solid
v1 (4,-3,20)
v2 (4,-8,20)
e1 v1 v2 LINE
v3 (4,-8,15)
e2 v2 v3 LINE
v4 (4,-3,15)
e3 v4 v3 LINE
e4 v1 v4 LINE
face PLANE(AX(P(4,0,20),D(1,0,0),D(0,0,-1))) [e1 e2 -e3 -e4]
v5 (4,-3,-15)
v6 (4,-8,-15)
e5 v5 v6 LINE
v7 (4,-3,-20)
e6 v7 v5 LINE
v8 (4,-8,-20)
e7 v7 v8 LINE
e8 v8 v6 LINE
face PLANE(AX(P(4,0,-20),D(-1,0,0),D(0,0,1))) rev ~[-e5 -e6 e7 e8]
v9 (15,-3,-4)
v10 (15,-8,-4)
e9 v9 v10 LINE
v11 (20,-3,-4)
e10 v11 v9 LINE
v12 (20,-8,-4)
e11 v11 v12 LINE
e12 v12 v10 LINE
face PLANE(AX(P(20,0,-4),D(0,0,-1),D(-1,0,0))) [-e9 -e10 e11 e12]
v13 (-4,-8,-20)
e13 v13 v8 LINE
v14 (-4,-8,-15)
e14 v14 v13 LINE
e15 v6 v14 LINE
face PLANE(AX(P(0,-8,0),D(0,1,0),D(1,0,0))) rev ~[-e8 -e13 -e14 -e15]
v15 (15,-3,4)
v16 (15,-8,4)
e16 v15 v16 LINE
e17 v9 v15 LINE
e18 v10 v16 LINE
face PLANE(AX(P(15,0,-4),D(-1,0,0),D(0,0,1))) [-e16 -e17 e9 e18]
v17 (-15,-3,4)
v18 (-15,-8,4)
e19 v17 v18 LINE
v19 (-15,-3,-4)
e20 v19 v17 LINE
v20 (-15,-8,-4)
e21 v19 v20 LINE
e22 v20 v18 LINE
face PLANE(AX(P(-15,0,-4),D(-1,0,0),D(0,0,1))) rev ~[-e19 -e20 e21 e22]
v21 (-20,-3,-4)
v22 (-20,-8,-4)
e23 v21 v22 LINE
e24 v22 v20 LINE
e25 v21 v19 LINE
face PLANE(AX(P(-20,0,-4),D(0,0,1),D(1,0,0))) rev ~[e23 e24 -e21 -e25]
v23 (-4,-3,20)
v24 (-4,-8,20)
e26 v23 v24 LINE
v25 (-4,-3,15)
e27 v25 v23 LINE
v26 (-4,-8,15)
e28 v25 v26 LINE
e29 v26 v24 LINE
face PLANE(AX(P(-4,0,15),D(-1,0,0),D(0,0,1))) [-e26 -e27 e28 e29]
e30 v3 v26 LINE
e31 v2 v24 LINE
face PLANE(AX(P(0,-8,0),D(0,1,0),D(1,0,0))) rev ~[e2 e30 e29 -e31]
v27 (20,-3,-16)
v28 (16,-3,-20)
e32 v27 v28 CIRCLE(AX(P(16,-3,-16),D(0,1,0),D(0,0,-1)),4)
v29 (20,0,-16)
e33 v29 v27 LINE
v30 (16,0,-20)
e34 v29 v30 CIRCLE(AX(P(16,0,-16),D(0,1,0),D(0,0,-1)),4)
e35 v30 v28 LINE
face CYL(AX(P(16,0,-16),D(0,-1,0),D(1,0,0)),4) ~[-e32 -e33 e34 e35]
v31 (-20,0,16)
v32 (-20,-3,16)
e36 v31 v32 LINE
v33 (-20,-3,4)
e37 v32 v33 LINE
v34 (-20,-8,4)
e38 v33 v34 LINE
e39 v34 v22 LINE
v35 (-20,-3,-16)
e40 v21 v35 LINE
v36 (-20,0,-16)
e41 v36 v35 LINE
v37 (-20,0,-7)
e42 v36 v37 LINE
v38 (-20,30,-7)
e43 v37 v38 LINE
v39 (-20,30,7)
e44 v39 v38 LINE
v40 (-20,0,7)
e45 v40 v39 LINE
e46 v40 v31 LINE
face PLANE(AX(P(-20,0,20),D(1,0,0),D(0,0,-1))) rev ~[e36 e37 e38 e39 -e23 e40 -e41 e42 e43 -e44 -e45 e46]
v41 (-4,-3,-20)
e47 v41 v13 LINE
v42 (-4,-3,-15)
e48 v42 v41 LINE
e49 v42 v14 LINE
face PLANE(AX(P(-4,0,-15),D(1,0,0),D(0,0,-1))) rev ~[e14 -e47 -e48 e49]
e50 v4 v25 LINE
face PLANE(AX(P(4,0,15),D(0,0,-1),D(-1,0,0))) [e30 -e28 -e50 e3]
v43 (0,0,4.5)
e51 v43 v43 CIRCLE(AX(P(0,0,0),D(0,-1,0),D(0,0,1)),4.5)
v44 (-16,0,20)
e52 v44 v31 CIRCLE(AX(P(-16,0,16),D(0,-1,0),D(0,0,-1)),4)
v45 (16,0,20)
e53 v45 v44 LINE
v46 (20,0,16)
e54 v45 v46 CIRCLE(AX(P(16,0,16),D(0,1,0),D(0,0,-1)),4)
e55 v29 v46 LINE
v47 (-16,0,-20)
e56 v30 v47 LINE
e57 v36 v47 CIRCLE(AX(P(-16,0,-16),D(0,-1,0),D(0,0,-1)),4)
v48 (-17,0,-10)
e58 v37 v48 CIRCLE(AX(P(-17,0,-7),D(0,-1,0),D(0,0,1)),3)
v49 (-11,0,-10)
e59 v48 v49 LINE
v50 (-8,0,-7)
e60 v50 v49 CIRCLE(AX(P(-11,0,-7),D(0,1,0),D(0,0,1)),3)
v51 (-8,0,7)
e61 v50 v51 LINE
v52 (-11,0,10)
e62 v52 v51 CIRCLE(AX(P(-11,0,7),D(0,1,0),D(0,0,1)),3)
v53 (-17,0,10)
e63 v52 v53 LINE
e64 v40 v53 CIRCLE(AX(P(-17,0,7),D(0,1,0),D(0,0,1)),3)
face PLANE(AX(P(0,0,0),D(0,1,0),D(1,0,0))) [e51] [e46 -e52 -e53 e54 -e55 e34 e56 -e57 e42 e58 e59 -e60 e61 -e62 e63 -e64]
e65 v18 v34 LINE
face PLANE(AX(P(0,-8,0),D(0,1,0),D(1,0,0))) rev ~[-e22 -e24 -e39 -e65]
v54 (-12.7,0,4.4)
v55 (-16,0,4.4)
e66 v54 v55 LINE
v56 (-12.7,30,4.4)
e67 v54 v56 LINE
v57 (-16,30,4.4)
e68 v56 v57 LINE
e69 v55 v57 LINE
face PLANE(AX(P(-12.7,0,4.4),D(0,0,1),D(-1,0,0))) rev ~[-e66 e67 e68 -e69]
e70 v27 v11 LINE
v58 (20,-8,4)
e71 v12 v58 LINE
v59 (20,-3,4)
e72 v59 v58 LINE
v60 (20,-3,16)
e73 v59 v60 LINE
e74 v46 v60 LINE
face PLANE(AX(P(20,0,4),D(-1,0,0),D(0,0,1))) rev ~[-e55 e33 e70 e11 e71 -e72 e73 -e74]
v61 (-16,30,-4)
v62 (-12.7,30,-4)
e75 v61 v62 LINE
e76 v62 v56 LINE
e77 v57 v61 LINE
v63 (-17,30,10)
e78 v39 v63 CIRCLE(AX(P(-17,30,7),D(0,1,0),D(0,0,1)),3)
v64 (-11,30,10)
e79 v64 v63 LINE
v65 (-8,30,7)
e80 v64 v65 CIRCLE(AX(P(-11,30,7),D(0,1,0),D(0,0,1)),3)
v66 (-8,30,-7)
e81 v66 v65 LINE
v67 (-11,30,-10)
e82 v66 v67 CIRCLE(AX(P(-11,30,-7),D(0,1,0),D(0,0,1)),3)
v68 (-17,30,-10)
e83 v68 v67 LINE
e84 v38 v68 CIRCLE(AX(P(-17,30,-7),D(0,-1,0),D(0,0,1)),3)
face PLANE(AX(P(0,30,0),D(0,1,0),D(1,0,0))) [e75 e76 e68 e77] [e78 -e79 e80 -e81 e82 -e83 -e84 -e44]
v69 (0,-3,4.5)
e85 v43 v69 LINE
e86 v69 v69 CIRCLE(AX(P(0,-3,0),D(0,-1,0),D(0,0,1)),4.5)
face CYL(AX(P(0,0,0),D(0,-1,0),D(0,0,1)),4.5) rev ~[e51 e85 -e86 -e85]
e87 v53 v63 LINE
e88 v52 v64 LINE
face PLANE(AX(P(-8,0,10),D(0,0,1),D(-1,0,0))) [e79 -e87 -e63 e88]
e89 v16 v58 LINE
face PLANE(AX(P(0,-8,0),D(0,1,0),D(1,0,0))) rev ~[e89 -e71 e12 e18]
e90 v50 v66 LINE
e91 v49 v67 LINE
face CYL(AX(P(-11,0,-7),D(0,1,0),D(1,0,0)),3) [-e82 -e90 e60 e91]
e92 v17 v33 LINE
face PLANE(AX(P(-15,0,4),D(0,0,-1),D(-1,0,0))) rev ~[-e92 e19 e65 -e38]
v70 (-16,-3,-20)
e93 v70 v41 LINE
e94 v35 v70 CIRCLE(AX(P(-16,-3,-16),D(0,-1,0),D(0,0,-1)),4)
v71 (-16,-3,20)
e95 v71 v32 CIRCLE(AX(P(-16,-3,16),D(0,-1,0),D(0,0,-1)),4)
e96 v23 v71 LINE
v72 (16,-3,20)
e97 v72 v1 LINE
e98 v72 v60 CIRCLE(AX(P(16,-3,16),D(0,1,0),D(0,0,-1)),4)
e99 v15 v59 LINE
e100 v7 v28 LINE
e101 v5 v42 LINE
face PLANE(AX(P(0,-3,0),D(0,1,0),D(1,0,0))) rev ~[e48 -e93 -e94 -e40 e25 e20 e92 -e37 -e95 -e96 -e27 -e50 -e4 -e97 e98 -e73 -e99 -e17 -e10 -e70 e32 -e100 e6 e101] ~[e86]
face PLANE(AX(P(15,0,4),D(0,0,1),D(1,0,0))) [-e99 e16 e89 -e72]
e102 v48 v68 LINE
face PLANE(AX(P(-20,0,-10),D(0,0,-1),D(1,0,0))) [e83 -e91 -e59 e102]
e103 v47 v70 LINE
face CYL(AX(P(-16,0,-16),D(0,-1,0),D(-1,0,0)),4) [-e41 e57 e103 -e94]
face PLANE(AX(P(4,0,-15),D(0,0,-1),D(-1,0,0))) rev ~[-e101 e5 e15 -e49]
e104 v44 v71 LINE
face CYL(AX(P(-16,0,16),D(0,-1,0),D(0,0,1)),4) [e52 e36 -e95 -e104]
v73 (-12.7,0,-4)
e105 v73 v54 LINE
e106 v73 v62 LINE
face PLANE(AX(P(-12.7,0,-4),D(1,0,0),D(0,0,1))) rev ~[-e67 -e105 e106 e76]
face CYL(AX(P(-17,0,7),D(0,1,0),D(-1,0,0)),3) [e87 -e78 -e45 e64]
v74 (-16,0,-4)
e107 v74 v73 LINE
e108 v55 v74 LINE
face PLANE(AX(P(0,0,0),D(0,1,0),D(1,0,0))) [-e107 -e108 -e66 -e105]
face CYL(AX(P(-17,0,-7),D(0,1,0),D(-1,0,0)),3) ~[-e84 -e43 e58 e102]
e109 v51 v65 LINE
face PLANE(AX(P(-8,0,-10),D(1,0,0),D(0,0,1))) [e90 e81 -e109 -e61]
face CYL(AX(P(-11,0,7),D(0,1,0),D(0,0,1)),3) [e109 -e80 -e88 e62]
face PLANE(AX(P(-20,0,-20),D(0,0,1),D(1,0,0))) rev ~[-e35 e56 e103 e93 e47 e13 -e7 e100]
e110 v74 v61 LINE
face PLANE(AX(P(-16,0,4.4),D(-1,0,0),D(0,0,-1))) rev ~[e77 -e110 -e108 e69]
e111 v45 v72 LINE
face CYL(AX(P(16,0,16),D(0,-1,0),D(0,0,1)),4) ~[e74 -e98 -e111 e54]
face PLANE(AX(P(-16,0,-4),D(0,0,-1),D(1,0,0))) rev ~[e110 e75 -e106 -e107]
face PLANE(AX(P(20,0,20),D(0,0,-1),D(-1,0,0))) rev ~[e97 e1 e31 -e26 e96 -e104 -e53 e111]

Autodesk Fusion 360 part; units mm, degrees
sketch "Sketch1" plane through (0, 0, 0) normal (0, 1, 0) x (1, 0, 0)
  line L0 (20, -20) -> (-20, -20)
  line L1 (-20, -20) -> (-20, 20)
  line L2 (-20, 20) -> (20, 20)
  line L3 (20, 20) -> (20, -20)
  line L4 (20, -20) -> (-20, 20) construction
  line L5 (-20, -20) -> (20, 20) construction
  line L6 (-20, 4) -> (-15, 4)
  line L7 (-15, 4) -> (-15, -4)
  line L8 (-15, -4) -> (-20, -4)
  line L9 (-20, -4) -> (-20, 4)
  line L10 (-4, 20) -> (4, 20)
  line L11 (4, 20) -> (4, 15)
  line L12 (4, 15) -> (-4, 15)
  line L13 (-4, 15) -> (-4, 20)
  line L14 (20, 4) -> (15, 4)
  line L15 (15, 4) -> (15, -4)
  line L16 (15, -4) -> (20, -4)
  line L17 (20, -4) -> (20, 4)
  line L18 (-4, -20) -> (4, -20)
  line L19 (4, -20) -> (4, -15)
  line L20 (4, -15) -> (-4, -15)
  line L21 (-4, -15) -> (-4, -20)
  dimension "d1" = 40
  dimension "d2" = 40
  dimension "d3" = 5
  dimension "d4" = 8
  dimension "d5" = 16
  dimension "d6" = 5
  dimension "d7" = 16
  dimension "d8" = 8
  dimension "d9" = 5
  dimension "d10" = 5
  dimension "d11" = 8
  dimension "d12" = 8
  dimension "d13" = 16
  dimension "d14" = 16
extrude "Extrude1" add sketch "Sketch1" against normal blind 3 contours L0 L1 L2 L3 L6 L7 L8 L11 L12 L13 L14 L15 L16 L19 L20 L21
extrude "Extrude2" add sketch "Sketch1" against normal blind 8 contours L0 L18 L19 L20 L21 | L3 L14 L15 L16 L17 | L1 L6 L7 L8 L9 | L2 L10 L11 L12 L13
hole "Hole1" at (0, 0, 0) direction (0, -1, 0) diameter 9 depth 30 tip angle 118
fillet "Fillet1" radius 4 4 edges at (20, -1.5, -20) (-20, -1.5, -20) (20, -1.5, 20) (-20, -1.5, 20)
sketch "Sketch2" plane through (0, 0, 0) normal (0, 1, 0) x (1, 0, 0)
  line L0 (-20, 10) -> (-8, 10)
  line L1 (-8, 10) -> (-8, -10)
  line L2 (-8, -10) -> (-20, -10)
  line L3 (-20, -10) -> (-20, 10)
  line L4 (-16, 4) -> (-12.7, 4)
  line L5 (-12.7, 4) -> (-12.7, -4.4)
  line L6 (-12.7, -4.4) -> (-16, -4.4)
  line L7 (-16, -4.4) -> (-16, 4)
  line L8 (-20, 20) -> (20, 20)
  dimension "d24" = 12
  dimension "d25" = 20
  dimension "d26" = 8.4
  dimension "d27" = 3.3
  dimension "d28" = 6
  dimension "d29" = 10
extrude "Extrude3" add sketch "Sketch2" along normal blind 30
fillet "Fillet2" radius 3 4 edges at (-8, 15, 10) (-20, 15, 10) (-8, 15, -10) (-20, 15, -10)
equation "d6 = d3"
equation "d7 = d5"
equation "d8 = d4"
equation "d9 = d3"
equation "d10 = d3"
equation "d11 = d4"
equation "d12 = d4"
equation "d13 = d7"
equation "d14 = d7"
